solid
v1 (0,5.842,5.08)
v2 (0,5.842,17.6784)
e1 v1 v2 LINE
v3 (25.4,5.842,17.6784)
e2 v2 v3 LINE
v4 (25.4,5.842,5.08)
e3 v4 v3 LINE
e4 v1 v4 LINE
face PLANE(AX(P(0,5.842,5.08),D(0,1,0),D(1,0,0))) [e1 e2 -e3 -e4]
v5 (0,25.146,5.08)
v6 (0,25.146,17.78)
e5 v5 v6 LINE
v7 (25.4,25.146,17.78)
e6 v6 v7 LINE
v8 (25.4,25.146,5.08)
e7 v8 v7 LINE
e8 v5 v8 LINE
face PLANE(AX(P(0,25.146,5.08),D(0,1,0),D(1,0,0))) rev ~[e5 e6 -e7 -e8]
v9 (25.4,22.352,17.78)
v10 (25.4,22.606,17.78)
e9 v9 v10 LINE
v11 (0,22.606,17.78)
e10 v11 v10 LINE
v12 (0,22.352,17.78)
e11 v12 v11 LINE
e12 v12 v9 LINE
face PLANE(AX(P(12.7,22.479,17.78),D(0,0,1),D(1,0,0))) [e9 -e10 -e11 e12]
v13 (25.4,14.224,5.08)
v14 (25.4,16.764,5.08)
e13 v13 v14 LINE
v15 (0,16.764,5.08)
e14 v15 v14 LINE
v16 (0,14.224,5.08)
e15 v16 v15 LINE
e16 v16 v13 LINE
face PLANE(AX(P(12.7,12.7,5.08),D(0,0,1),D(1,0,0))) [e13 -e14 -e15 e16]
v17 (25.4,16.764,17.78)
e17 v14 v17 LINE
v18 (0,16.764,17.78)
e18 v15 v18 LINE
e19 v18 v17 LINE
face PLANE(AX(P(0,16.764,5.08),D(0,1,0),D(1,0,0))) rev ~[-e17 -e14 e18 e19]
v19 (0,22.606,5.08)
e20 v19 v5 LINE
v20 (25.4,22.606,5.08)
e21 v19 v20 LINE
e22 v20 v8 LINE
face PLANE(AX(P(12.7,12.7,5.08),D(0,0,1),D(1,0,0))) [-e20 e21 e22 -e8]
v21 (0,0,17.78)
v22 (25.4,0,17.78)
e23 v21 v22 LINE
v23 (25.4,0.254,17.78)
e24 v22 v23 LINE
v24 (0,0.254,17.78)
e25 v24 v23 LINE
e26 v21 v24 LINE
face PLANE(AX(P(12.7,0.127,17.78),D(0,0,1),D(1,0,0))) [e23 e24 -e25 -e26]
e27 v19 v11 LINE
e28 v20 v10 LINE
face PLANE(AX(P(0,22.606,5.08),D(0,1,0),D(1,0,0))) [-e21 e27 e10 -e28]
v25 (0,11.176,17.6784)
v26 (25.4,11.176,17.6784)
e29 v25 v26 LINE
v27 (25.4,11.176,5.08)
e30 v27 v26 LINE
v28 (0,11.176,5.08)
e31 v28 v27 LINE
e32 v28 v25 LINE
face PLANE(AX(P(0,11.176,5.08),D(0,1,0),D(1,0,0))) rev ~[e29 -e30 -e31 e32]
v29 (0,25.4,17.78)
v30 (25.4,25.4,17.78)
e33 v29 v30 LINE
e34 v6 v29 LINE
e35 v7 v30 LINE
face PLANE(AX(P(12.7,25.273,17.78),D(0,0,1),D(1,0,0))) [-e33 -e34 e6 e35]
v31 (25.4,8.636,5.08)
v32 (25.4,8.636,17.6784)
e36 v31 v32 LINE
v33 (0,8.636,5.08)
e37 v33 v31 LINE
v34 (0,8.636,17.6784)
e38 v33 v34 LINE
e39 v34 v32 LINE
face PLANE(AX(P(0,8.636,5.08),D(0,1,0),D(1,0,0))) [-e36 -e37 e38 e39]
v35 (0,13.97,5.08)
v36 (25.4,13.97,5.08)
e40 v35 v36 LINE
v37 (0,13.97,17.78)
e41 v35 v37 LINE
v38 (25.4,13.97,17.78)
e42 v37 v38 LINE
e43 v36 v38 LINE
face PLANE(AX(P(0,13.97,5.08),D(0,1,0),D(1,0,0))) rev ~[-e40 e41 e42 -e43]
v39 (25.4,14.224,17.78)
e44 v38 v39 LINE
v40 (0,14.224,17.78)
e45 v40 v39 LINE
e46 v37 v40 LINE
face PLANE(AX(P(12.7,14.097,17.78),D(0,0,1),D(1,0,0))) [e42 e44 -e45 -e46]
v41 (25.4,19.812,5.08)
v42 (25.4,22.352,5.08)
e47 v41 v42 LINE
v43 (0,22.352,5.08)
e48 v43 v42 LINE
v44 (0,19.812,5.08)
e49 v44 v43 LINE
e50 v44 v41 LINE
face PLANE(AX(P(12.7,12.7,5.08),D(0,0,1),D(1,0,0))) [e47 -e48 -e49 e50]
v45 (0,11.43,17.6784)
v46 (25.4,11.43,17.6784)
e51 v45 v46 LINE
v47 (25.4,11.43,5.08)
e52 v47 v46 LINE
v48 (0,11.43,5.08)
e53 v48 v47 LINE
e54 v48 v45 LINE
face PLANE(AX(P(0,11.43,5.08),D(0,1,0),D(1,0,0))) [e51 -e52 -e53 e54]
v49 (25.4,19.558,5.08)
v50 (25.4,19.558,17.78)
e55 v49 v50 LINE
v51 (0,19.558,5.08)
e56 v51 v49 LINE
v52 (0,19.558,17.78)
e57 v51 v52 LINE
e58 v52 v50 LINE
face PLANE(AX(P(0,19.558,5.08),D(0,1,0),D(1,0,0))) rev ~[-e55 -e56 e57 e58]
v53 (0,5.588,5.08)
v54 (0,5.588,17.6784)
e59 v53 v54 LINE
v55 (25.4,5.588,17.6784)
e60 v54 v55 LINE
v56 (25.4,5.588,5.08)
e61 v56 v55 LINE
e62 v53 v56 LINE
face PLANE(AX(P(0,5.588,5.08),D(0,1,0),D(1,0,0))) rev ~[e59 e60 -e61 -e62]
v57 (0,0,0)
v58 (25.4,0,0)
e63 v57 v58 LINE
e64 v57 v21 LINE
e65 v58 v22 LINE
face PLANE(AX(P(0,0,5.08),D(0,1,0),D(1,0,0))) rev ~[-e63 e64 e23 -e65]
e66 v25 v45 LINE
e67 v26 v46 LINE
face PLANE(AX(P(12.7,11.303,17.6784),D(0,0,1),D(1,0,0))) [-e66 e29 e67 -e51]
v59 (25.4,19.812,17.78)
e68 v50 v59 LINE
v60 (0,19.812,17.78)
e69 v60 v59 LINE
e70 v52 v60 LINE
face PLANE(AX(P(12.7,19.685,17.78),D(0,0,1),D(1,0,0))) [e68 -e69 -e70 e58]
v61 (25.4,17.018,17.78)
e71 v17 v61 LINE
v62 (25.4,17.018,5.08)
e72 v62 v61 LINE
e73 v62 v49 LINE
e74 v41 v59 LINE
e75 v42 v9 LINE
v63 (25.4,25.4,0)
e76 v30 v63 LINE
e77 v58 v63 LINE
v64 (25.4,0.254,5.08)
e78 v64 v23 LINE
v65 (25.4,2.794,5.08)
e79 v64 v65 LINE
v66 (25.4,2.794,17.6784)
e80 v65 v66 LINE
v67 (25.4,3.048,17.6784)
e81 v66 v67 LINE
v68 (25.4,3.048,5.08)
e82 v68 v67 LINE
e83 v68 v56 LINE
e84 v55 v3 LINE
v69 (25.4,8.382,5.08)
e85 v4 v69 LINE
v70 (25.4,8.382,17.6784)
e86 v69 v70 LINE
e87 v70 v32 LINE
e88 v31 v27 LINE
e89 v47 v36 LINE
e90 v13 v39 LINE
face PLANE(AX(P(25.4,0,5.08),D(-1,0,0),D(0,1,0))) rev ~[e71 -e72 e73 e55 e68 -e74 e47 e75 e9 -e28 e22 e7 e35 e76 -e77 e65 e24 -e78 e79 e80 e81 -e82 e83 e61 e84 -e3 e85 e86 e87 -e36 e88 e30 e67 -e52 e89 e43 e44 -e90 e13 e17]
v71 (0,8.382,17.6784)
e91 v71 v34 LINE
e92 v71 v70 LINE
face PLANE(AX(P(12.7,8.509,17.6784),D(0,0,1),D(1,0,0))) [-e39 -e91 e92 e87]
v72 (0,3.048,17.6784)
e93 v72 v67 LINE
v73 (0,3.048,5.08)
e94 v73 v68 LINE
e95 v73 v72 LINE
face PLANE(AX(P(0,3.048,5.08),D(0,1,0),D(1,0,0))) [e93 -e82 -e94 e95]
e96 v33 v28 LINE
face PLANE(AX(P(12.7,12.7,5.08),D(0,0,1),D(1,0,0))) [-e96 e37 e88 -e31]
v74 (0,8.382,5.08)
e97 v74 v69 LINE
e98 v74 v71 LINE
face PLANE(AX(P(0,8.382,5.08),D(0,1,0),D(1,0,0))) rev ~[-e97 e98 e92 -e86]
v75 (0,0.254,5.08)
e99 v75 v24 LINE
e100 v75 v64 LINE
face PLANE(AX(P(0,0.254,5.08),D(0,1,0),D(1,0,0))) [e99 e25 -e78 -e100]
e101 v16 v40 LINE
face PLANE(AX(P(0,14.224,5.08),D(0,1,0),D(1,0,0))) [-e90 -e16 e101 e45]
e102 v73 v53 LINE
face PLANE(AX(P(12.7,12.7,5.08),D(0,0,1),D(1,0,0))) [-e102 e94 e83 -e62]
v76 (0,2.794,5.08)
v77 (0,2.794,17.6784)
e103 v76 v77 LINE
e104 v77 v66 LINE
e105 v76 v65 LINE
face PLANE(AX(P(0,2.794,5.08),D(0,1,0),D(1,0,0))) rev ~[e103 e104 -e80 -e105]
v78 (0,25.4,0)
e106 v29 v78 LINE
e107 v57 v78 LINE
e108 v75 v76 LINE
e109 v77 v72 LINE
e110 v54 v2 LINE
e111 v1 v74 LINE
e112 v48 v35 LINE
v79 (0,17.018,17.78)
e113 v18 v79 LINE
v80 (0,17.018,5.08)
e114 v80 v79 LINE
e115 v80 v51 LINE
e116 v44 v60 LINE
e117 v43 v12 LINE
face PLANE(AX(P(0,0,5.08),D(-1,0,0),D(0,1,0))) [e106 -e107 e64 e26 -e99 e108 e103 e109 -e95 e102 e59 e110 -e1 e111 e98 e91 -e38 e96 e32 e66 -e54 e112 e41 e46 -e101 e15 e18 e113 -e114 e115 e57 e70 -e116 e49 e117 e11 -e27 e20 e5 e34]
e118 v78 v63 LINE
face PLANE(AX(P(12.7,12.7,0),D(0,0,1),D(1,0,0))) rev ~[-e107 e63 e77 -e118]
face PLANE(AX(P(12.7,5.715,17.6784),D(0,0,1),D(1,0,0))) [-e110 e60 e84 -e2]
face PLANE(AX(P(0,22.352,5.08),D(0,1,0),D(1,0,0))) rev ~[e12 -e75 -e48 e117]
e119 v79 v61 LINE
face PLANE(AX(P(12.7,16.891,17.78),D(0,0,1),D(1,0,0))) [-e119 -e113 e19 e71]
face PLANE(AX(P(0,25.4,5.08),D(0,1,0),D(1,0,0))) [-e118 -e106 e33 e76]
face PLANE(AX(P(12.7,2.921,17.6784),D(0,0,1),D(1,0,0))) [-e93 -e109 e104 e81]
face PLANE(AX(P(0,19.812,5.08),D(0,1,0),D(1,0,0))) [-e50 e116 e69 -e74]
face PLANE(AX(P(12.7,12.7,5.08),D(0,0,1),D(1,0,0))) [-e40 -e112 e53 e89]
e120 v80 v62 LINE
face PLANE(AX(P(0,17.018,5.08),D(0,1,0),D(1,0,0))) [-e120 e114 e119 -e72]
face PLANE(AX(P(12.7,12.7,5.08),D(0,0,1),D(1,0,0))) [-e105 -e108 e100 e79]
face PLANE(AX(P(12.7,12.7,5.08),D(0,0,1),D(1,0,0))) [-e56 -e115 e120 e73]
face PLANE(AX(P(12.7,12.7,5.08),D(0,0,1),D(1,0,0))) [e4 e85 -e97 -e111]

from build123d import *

# Parameters (mm, degrees)
SKETCH2_W           = 25.4
SKETCH2_H           = 25.4
BOSS_EXTRUDE1_DEPTH = 5.08
SKETCH3_W           = 25.4
SKETCH3_H           = 0.254
BOSS_EXTRUDE2_DEPTH = 12.7
SKETCH6_W           = 25.4
SKETCH6_H           = 0.254
BOSS_EXTRUDE3_DEPTH = 12.5984
SKETCH5_W           = 25.4
SKETCH5_H           = 0.254
BOSS_EXTRUDE4_DEPTH = 12.7
SKETCH4_W           = 25.4
SKETCH4_H           = 0.254
BOSS_EXTRUDE5_DEPTH = 12.7


with BuildPart() as part:
    # Sketch2 → Boss-Extrude1 (new body)
    with BuildSketch(Plane.XY):
        with Locations((12.7, 12.7)):
            Rectangle(SKETCH2_W, SKETCH2_H)
    extrude(amount=BOSS_EXTRUDE1_DEPTH)

    # Sketch3 → Boss-Extrude2 (add)
    with BuildSketch(Plane.XY.offset(5.08)):
        with Locations((12.7, 25.273)):
            Rectangle(SKETCH3_W, SKETCH3_H)
    extrude(amount=BOSS_EXTRUDE2_DEPTH)

    # Sketch6 → Boss-Extrude3 (add)
    with BuildSketch(Plane.XY.offset(5.08)):
        with Locations((12.7, 11.303)):
            Rectangle(SKETCH6_W, SKETCH6_H)
        with Locations((12.7, 8.509)):
            Rectangle(SKETCH6_W, SKETCH6_H)
        with Locations((12.7, 5.715)):
            Rectangle(SKETCH6_W, SKETCH6_H)
        with Locations((12.7, 2.921)):
            Rectangle(SKETCH6_W, SKETCH6_H)
    extrude(amount=BOSS_EXTRUDE3_DEPTH)

    # Sketch5 → Boss-Extrude4 (add)
    with BuildSketch(Plane.XY.offset(5.08)):
        with Locations((12.7, 19.685)):
            Rectangle(SKETCH5_W, SKETCH5_H)
        with Locations((12.7, 16.891)):
            Rectangle(SKETCH5_W, SKETCH5_H)
        with Locations((12.7, 14.097)):
            Rectangle(SKETCH5_W, SKETCH5_H)
    extrude(amount=BOSS_EXTRUDE4_DEPTH)

    # Sketch4 → Boss-Extrude5 (add)
    with BuildSketch(Plane.XY.offset(5.08)):
        with Locations((12.7, 0.127)):
            Rectangle(SKETCH4_W, SKETCH4_H)
        with Locations((12.7, 22.479)):
            Rectangle(SKETCH4_W, SKETCH4_H)
    extrude(amount=BOSS_EXTRUDE5_DEPTH)


solid = part.part
